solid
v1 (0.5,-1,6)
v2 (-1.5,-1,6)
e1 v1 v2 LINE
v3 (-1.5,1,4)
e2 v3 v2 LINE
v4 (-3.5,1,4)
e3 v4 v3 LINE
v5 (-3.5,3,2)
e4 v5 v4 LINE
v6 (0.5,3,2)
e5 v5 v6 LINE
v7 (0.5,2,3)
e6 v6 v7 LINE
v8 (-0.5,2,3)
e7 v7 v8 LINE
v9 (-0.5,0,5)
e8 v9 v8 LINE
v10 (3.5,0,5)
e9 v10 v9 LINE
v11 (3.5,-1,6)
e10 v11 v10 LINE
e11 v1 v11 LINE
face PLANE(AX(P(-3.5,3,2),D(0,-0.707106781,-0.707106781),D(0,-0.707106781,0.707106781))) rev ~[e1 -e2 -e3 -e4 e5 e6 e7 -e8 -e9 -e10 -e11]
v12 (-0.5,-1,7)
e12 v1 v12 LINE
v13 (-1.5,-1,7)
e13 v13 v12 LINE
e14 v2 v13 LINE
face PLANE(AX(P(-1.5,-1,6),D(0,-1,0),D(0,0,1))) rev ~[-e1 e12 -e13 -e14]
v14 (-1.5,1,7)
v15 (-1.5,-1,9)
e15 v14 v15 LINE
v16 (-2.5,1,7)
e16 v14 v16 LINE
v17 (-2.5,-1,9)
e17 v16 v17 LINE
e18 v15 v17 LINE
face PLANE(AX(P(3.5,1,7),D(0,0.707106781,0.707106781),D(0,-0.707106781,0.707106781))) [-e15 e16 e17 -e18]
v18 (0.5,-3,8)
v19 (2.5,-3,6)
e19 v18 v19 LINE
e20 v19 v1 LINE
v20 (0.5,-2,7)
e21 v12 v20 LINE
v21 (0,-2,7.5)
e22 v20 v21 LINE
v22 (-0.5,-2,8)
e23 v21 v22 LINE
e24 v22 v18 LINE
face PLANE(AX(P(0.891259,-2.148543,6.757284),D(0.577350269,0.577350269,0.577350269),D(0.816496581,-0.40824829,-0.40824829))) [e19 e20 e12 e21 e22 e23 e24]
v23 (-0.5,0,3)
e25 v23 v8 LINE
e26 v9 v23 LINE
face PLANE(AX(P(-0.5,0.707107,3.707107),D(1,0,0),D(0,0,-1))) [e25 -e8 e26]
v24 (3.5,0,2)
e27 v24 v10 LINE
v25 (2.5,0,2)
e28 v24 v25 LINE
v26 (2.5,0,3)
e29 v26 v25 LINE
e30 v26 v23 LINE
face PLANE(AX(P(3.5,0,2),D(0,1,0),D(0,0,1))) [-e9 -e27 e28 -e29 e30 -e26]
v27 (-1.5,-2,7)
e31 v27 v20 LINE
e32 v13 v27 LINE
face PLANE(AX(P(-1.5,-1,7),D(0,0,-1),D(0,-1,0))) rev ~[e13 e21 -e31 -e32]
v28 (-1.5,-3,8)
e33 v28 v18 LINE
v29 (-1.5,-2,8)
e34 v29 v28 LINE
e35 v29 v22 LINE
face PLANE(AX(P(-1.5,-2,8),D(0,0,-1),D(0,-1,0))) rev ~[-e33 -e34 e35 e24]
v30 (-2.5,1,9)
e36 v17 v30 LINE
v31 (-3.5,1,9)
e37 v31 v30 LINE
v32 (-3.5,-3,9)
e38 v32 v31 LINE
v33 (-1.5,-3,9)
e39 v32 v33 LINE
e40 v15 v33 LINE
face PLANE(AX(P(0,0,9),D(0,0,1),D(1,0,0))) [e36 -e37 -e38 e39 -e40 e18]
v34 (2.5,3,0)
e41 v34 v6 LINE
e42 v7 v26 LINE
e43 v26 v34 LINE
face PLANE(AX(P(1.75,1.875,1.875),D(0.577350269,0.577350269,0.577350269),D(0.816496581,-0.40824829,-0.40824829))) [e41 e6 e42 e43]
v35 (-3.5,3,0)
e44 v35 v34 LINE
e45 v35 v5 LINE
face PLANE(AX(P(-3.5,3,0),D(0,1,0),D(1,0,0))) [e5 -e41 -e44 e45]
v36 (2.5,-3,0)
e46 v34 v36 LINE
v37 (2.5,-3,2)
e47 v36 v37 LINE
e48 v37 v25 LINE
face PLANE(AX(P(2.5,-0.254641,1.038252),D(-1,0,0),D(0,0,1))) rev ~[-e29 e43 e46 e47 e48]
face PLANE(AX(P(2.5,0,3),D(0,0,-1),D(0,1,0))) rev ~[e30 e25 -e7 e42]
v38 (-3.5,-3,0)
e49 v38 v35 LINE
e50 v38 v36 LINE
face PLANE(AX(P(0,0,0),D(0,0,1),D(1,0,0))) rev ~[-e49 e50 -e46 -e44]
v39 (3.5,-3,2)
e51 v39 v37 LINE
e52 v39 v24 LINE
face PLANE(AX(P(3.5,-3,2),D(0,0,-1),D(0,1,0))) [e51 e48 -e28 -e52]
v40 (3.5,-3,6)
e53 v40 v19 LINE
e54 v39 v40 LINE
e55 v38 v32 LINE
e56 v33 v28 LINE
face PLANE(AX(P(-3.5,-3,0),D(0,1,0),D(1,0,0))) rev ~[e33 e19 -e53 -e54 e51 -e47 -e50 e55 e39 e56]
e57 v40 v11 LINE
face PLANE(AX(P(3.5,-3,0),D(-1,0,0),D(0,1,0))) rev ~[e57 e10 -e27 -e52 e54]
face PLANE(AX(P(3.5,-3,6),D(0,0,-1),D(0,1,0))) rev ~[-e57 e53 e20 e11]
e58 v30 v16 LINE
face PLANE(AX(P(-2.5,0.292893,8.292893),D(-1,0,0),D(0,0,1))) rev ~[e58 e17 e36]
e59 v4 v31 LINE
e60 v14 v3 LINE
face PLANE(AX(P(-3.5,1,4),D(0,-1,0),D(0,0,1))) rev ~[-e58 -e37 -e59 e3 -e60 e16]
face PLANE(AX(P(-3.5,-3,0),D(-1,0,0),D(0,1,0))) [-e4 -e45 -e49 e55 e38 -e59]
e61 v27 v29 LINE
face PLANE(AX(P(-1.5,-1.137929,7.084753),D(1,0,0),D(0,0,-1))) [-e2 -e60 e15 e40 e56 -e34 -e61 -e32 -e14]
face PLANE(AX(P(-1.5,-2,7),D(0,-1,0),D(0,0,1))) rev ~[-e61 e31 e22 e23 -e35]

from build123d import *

# Parameters (mm, degrees)
SKETCH1_W           = 7
SKETCH1_H           = 6
BOSS_EXTRUDE1_DEPTH = 9
CUT_EXTRUDE1_DEPTH  = 2
CUT_EXTRUDE2_DEPTH  = 1
CUT_EXTRUDE3_DEPTH  = 6
SKETCH8_W           = 1
SKETCH8_H           = 4
CUT_EXTRUDE6_DEPTH  = 2
CUT_EXTRUDE7_DEPTH  = 1
SKETCH11_W          = 2
SKETCH11_H          = 1
CUT_EXTRUDE9_DEPTH  = 3
CUT_EXTRUDE11_DEPTH = 3
CUT_EXTRUDE12_DEPTH = 1
CUT_EXTRUDE13_DEPTH = 6
CUT_EXTRUDE14_DEPTH = 5
CUT_EXTRUDE16_DEPTH = 5
CUT_EXTRUDE17_DEPTH = 6.773502692
BOSS_EXTRUDE2_DEPTH = 4
CUT_EXTRUDE19_DEPTH = 4
CUT_EXTRUDE20_DEPTH = 3
CUT_EXTRUDE22_DEPTH = 6.773502692
CUT_EXTRUDE23_DEPTH = 10


with BuildPart() as part:
    # Sketch1 → Boss-Extrude1 (new body)
    with BuildSketch(Plane.XY):
        Rectangle(SKETCH1_W, SKETCH1_H)
    extrude(amount=BOSS_EXTRUDE1_DEPTH)

    # Sketch2 → Cut-Extrude1 (cut)
    with BuildSketch(Plane.ZY.offset(3.5)):
        Polygon((2, 3), (4, 1), (9, 1), (9, 3), align=None)
    extrude(amount=-CUT_EXTRUDE1_DEPTH, mode=Mode.SUBTRACT)

    # Sketch3 → Cut-Extrude2 (cut)
    with BuildSketch(Plane(origin=(3.5, 0, 0), x_dir=(0, 0, -1), z_dir=(1, 0, 0))):
        Polygon((0, -3), (-2, -3), (-2, 0), (-3, 0), (0, 3), align=None)
    extrude(amount=-CUT_EXTRUDE2_DEPTH, mode=Mode.SUBTRACT)

    # Sketch5 → Cut-Extrude3 (cut, through all)
    with BuildSketch(Plane.ZY.offset(1.5)):
        Polygon((2, 3), (4, 1), (9, 1), (9, 3), align=None)
    extrude(amount=-CUT_EXTRUDE3_DEPTH, mode=Mode.SUBTRACT)

    # Sketch8 → Cut-Extrude6 (cut)
    with BuildSketch(Plane(origin=(0, 3, 0), x_dir=(1, 0, 0), z_dir=(0, 1, 0))):
        with Locations((3, -2)):
            Rectangle(SKETCH8_W, SKETCH8_H)
    extrude(amount=-CUT_EXTRUDE6_DEPTH, mode=Mode.SUBTRACT)

    # Sketch9 → Cut-Extrude7 (cut)
    with BuildSketch(Plane(origin=(3.5, 0, 0), x_dir=(0, 0, -1), z_dir=(1, 0, 0))):
        Polygon((-2, 1), (-3, 0), (-5, 0), (-5, 1), align=None)
    extrude(amount=-CUT_EXTRUDE7_DEPTH, mode=Mode.SUBTRACT)

    # Sketch11 → Cut-Extrude9 (cut)
    with BuildSketch(Plane(origin=(3.5, 0, 0), x_dir=(0, 0, -1), z_dir=(1, 0, 0))):
        with Locations((-5, 0.5)):
            Rectangle(SKETCH11_W, SKETCH11_H)
    extrude(amount=-CUT_EXTRUDE9_DEPTH, mode=Mode.SUBTRACT)

    # Sketch13 → Cut-Extrude11 (cut)
    with BuildSketch(Plane(origin=(2.5, 0, 0), x_dir=(0, 0, -1), z_dir=(1, 0, 0))):
        Polygon((-5, 0), (-3, 0), (-3, 2), align=None)
    extrude(amount=-CUT_EXTRUDE11_DEPTH, mode=Mode.SUBTRACT)

    # Sketch14 → Cut-Extrude12 (cut)
    with BuildSketch(Plane(origin=(0.5, 0, 0), x_dir=(0, 0, -1), z_dir=(1, 0, 0))):
        Polygon((-4, 1), (-5, 0), (-6, 0), (-6, 1), align=None)
    extrude(amount=-CUT_EXTRUDE12_DEPTH, mode=Mode.SUBTRACT)

    # Sketch15 → Cut-Extrude13 (cut)
    with BuildSketch(Plane(origin=(3.5, 0, 0), x_dir=(0, 0, -1), z_dir=(1, 0, 0))):
        Polygon((-7, 1), (-9, -1), (-9, 1), align=None)
    extrude(amount=-CUT_EXTRUDE13_DEPTH, mode=Mode.SUBTRACT)

    # Sketch17 → Cut-Extrude14 (cut)
    with BuildSketch(Plane(origin=(3.5, 0, 0), x_dir=(0, 0, -1), z_dir=(1, 0, 0))):
        Polygon((-5, 0), (-6, 0), (-6, 1), (-7, 1), (-9, -1), (-9, -3), (-6, -3), (-6, -1), align=None)
    extrude(amount=-CUT_EXTRUDE14_DEPTH, mode=Mode.SUBTRACT)

    # Sketch18 → Cut-Extrude16 (cut)
    with BuildSketch(Plane(origin=(3.5, 0, 0), x_dir=(0, 0, -1), z_dir=(1, 0, 0))):
        Polygon((-3, 2), (-5, 0), (-6, 0), (-6, 1), align=None)
    extrude(amount=-CUT_EXTRUDE16_DEPTH, mode=Mode.SUBTRACT)

    # Sketch20 → Cut-Extrude17 (cut, through all)
    with BuildSketch(Plane(origin=(1.833333333, 1.833333333, 1.833333333), x_dir=(0.816496581, -0.40824829, -0.40824829), z_dir=(0.577350269, 0.577350269, 0.577350269))):
        Polygon((-1.632993162, 0.707106781), (-1.632993162, -0.707106781), (0.816496581, -2.121320344), (0.816496581, 2.121320344), align=None)
    extrude(amount=CUT_EXTRUDE17_DEPTH, mode=Mode.SUBTRACT)

    # Sketch21 → Boss-Extrude2 (add)
    with BuildSketch(Plane(origin=(-1.5, 0, 0), x_dir=(0, 0, -1), z_dir=(1, 0, 0))):
        Polygon((-6, -1), (-7, -1), (-7, -2), (-8, -2), (-8, -3), (-6, -3), align=None)
    extrude(amount=BOSS_EXTRUDE2_DEPTH)

    # Sketch24 → Cut-Extrude19 (cut)
    with BuildSketch(Plane(origin=(1.833333333, 1.833333333, 1.833333333), x_dir=(0.816496581, -0.40824829, -0.40824829), z_dir=(0.577350269, 0.577350269, 0.577350269))):
        Polygon((0.816496581, -6.363961031), (-1.632993162, -4.949747468), (-2.857738033, -5.656854249), (-1.632993162, -7.778174593), align=None)
    extrude(amount=CUT_EXTRUDE19_DEPTH, mode=Mode.SUBTRACT)

    # Sketch25 → Cut-Extrude20 (cut, through all)
    with BuildSketch(Plane(origin=(0, -1, 0), x_dir=(1, 0, 0), z_dir=(0, 1, 0))):
        Polygon((2.5, -6), (0.5, -8), (2.5, -8), align=None)
    extrude(amount=-CUT_EXTRUDE20_DEPTH, mode=Mode.SUBTRACT)

    # Sketch26 → Cut-Extrude22 (cut, through all)
    with BuildSketch(Plane(origin=(1.833333333, 1.833333333, 1.833333333), x_dir=(0.816496581, -0.40824829, -0.40824829), z_dir=(0.577350269, 0.577350269, 0.577350269))):
        Polygon((-1.632993162, -6.363961031), (-2.857738033, -7.071067812), (-1.632993162, -7.778174593), align=None)
    extrude(amount=CUT_EXTRUDE22_DEPTH, mode=Mode.SUBTRACT)

    # Sketch28 → Cut-Extrude23 (cut)
    with BuildSketch(Plane.XY.offset(6)):
        Polygon((0.5, -1), (2.5, -1), (2.5, -3), align=None)
    extrude(amount=CUT_EXTRUDE23_DEPTH, mode=Mode.SUBTRACT)


solid = part.part
